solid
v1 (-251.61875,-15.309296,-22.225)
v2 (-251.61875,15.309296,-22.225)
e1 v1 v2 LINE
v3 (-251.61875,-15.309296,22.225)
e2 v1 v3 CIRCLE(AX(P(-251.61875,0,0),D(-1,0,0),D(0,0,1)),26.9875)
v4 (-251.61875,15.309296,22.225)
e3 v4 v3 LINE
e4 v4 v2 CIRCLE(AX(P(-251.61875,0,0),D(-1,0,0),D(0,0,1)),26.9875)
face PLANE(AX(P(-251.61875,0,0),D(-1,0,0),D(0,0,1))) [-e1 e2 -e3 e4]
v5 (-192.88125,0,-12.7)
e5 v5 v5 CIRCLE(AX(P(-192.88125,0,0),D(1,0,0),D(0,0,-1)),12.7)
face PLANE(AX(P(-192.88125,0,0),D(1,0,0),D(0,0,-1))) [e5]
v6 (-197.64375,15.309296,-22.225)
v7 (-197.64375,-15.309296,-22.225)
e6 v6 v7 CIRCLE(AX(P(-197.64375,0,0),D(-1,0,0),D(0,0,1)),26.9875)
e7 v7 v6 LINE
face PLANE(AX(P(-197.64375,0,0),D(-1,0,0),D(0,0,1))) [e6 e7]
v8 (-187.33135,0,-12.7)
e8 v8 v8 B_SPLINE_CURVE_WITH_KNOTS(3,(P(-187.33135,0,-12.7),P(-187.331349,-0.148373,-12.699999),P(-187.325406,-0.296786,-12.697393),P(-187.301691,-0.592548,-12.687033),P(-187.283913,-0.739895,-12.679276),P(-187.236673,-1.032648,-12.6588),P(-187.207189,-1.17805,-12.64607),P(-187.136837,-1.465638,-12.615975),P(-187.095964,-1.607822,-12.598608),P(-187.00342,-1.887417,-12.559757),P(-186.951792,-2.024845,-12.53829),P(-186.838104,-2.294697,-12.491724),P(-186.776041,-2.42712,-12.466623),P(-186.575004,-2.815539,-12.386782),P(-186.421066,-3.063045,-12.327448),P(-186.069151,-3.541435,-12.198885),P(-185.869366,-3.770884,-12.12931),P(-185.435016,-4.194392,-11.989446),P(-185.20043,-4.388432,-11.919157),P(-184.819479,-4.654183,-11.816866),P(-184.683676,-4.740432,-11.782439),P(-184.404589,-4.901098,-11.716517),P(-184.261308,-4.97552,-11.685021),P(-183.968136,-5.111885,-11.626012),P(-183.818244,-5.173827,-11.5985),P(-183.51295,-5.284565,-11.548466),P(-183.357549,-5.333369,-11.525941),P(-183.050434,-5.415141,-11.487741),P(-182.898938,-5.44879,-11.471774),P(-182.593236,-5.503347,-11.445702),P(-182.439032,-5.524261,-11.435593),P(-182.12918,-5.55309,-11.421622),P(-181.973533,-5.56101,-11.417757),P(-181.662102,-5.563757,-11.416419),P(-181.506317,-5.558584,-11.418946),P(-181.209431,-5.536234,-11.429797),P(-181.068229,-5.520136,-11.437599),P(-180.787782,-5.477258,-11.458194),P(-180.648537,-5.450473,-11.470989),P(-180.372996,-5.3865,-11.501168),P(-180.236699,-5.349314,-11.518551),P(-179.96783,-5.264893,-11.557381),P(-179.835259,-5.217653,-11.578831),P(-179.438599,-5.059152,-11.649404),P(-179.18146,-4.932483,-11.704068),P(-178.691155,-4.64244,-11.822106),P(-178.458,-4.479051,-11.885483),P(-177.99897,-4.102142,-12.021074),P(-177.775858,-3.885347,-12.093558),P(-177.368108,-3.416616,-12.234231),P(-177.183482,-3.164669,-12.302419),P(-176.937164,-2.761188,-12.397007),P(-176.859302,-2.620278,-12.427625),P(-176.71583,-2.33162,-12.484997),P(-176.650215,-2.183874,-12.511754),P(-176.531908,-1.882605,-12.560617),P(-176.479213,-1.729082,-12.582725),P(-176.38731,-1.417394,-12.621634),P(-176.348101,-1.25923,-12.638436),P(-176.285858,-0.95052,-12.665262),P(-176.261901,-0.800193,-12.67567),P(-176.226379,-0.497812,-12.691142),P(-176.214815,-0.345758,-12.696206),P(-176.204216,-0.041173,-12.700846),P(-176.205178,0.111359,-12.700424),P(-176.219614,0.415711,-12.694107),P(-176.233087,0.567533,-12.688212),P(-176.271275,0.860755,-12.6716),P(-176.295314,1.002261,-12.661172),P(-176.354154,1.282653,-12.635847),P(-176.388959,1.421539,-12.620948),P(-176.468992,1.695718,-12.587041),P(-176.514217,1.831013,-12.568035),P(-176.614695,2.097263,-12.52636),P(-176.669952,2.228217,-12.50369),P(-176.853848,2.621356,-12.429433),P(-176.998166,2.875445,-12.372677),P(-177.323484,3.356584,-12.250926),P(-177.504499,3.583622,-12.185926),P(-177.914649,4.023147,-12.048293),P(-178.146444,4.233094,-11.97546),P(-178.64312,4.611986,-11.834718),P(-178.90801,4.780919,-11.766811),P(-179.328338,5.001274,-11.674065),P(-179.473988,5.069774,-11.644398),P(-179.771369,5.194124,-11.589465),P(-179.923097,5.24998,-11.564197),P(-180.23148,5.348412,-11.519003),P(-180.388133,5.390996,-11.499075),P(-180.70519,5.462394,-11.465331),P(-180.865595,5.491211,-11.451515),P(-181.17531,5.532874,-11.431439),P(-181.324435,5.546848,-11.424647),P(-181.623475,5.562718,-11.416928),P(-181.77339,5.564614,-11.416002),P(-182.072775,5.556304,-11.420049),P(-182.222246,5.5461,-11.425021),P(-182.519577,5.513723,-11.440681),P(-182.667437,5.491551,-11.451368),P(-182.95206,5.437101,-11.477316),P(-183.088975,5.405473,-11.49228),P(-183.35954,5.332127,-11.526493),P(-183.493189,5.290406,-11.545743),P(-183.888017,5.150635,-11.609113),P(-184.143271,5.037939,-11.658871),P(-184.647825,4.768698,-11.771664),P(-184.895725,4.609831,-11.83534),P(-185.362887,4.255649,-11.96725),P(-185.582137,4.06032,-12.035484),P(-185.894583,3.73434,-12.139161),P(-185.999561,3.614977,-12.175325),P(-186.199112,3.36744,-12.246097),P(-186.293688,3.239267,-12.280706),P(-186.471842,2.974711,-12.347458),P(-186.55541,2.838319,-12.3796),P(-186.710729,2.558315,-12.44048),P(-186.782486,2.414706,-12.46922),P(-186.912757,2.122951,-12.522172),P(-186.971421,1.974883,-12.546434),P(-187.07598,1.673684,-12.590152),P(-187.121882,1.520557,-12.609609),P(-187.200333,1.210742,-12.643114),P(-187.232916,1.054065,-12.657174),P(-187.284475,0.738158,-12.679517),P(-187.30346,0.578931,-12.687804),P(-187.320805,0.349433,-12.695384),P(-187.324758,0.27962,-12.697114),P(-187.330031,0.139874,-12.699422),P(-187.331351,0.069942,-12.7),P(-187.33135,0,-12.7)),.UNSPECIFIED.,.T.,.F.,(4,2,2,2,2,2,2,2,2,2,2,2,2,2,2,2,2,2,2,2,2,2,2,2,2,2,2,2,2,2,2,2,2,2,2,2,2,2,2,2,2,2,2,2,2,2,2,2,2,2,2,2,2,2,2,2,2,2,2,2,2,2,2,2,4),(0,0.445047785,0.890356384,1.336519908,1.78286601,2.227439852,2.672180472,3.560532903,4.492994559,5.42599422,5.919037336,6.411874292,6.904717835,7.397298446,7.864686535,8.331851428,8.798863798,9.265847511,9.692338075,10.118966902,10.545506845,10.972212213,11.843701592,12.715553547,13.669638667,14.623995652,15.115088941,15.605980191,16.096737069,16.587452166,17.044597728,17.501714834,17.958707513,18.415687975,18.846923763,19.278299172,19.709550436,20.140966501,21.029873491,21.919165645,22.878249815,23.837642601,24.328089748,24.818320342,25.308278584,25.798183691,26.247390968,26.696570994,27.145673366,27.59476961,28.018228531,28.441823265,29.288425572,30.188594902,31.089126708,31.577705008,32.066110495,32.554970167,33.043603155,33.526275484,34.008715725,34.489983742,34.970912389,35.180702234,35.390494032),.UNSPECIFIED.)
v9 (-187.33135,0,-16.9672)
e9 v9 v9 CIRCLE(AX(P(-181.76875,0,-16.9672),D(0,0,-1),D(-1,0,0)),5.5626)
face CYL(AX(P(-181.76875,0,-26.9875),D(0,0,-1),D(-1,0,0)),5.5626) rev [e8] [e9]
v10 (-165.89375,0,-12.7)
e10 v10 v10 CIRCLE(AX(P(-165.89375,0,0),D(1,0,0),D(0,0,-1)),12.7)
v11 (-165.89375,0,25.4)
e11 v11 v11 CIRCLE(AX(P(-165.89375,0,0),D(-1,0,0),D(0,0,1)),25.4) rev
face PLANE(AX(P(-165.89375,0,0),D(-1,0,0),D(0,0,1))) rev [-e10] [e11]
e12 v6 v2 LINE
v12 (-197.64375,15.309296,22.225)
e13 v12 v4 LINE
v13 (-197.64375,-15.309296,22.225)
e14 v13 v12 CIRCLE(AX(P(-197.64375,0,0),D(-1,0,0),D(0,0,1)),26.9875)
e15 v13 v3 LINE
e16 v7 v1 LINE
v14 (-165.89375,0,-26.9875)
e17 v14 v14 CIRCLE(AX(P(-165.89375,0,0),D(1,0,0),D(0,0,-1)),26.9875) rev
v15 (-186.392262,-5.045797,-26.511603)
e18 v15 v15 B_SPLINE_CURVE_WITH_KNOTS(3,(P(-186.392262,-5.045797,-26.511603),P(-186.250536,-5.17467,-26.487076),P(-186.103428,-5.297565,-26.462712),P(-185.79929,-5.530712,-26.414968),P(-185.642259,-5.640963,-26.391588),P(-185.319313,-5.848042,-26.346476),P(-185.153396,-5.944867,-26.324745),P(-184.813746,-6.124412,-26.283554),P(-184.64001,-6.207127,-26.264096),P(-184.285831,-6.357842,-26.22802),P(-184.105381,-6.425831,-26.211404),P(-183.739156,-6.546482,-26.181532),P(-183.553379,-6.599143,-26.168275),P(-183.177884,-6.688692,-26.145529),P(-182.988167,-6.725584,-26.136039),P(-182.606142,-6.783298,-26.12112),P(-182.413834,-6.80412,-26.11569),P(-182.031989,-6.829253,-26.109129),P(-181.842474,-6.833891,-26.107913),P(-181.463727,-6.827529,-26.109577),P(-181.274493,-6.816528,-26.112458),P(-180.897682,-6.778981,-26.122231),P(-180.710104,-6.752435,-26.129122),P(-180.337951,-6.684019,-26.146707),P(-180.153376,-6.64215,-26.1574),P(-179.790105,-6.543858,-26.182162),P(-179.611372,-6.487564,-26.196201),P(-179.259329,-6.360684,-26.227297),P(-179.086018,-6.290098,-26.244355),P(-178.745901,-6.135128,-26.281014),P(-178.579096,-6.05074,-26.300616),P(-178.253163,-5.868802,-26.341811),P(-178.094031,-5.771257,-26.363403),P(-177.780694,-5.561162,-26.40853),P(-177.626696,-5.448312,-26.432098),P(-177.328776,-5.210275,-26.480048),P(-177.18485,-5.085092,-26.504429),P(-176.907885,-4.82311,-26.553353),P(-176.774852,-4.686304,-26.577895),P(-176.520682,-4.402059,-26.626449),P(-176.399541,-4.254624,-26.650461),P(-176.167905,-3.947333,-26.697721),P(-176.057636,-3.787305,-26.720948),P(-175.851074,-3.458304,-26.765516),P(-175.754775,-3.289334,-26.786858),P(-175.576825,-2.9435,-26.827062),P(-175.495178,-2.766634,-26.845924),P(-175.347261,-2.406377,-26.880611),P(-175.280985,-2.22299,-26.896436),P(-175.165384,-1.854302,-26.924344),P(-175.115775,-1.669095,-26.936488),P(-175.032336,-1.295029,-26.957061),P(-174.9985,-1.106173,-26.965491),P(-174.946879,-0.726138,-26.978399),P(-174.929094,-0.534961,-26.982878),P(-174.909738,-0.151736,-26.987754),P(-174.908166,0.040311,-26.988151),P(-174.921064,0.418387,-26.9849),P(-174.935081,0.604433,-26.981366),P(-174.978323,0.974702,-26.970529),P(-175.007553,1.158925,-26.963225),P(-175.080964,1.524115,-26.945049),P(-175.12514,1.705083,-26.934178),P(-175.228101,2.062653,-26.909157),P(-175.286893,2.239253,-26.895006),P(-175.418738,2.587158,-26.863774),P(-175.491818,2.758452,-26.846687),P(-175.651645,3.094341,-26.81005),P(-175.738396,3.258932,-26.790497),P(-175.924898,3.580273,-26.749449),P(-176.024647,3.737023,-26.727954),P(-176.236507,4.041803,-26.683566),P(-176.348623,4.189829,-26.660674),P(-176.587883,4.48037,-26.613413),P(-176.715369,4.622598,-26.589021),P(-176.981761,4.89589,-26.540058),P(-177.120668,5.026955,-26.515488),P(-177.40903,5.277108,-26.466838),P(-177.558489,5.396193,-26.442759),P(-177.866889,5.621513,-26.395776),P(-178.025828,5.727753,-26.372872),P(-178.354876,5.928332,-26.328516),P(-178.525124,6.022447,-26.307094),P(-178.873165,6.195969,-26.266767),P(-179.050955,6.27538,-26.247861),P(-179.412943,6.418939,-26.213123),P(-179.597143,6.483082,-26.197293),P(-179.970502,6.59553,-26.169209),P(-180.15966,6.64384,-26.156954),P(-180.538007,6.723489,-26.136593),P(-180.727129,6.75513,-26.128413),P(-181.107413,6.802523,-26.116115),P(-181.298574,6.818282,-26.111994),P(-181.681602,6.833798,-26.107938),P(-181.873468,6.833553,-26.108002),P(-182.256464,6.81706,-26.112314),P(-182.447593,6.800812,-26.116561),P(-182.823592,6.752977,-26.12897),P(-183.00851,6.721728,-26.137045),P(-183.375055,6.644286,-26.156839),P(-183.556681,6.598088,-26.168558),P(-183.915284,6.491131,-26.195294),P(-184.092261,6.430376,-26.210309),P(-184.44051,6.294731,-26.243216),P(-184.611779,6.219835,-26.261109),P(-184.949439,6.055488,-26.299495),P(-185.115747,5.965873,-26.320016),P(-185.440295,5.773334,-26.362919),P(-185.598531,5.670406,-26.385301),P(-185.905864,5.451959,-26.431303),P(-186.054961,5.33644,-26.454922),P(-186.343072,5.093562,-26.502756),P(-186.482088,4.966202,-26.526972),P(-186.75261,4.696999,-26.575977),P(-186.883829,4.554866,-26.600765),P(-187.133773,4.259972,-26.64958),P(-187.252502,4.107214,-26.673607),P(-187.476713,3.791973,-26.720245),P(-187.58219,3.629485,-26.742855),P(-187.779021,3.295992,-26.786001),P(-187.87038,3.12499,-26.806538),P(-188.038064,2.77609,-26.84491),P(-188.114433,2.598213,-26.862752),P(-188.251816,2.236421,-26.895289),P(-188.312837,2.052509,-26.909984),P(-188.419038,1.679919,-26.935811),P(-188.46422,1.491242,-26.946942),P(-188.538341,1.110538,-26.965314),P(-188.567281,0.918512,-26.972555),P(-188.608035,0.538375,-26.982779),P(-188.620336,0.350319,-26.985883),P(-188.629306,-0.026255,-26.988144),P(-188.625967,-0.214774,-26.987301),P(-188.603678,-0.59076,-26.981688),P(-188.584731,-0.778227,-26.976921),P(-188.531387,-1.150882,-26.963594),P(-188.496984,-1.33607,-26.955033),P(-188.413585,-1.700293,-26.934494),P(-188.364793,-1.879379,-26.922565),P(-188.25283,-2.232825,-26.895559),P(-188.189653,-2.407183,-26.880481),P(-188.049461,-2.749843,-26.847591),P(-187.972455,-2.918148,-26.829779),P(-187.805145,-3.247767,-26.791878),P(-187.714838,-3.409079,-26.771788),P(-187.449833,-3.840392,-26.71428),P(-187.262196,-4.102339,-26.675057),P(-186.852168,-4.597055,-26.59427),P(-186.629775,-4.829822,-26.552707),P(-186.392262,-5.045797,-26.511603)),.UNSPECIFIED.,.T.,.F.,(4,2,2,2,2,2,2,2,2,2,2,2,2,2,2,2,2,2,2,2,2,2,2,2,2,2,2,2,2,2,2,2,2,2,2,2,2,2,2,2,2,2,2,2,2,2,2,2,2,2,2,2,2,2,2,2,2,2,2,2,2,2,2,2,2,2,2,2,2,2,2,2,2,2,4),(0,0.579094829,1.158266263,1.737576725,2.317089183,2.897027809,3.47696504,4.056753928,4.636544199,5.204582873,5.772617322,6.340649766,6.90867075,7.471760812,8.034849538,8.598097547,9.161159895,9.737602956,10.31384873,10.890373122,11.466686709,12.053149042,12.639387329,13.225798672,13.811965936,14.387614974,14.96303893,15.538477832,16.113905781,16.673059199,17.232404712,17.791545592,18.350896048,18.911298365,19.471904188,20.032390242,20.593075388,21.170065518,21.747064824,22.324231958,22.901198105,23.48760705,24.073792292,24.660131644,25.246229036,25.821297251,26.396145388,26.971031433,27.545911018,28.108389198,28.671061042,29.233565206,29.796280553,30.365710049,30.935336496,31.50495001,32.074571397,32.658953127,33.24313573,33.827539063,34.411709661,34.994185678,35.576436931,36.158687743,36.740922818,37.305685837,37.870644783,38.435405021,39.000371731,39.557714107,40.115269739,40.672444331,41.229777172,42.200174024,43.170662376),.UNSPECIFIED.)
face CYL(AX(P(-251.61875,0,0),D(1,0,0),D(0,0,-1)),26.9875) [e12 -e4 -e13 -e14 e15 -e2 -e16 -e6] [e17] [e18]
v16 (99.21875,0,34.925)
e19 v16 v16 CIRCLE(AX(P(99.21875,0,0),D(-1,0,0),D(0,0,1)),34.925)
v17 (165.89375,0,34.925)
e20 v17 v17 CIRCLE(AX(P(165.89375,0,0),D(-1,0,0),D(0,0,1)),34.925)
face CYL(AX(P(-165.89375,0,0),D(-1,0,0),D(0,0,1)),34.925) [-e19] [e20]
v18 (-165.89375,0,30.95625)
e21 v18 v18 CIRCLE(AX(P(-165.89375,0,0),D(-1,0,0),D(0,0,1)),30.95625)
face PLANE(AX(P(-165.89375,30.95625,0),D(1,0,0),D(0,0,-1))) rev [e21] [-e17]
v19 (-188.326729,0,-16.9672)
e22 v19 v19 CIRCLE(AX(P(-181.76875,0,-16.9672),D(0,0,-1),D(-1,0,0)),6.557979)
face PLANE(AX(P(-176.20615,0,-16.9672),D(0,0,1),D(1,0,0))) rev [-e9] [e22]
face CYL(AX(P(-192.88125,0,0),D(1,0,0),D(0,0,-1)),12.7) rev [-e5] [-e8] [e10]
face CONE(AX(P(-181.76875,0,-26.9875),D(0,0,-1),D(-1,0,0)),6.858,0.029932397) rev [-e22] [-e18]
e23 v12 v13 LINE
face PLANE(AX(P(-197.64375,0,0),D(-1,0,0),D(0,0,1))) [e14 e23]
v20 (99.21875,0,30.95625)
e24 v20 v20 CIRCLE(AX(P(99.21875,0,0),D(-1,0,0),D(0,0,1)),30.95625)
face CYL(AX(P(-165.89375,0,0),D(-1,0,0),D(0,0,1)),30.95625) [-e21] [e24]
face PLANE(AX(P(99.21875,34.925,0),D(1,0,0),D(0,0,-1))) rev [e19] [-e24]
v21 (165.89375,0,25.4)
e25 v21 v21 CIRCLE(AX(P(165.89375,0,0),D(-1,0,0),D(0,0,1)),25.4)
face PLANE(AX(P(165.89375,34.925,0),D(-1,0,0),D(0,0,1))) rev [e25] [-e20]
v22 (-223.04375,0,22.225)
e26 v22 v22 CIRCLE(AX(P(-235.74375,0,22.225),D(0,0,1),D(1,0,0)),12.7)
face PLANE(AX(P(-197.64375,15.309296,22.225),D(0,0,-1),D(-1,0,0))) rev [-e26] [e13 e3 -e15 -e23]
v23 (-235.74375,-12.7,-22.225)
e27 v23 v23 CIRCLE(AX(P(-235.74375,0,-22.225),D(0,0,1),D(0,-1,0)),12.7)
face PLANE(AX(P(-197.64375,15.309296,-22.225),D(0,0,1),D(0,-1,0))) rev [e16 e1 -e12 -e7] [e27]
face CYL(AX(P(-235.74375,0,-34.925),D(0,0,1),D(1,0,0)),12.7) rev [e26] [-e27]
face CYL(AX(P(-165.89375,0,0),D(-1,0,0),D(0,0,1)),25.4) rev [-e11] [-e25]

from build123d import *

# Parameters (mm, degrees)
SKETCH2_R           = 26.9875
BOSS_EXTRUDE1_DEPTH = 85.725
CUT_EXTRUDE1_DEPTH  = 53.975
SKETCH4_R           = 12.7
CUT_EXTRUDE2_DEPTH  = 58.15
SKETCH8_R           = 12.7
CUT_EXTRUDE3_DEPTH  = 26.9875


with BuildPart() as part:
    # Sketch1 → Revolve1 (revolve)
    with BuildSketch(Plane.XY):
        Polygon((165.89375, 34.925), (99.21875, 34.925), (99.21875, 30.95625), (-165.89375, 30.95625), (-165.89375, 25.4), (165.89375, 25.4), align=None)
    revolve(axis=Axis((-165.89375, 0, 0), (1, 0, 0)))

    # Sketch2 → Boss-Extrude1 (add)
    with BuildSketch(Plane.ZY.offset(165.89375)):
        Circle(SKETCH2_R)
    extrude(amount=BOSS_EXTRUDE1_DEPTH)

    # Sketch3 → Cut-Extrude1 (cut)
    with BuildSketch(Plane.ZY.offset(251.61875)):
        with BuildLine():
            Line((-22.225, 15.309295583), (-22.225, -15.309295583))
            ThreePointArc((-22.225, -15.309295583), (-26.9875, 0), (-22.225, 15.309295583))
        make_face()
        with BuildLine():
            Line((22.225, 15.309295583), (22.225, -15.309295583))
            ThreePointArc((22.225, -15.309295583), (26.9875, 0), (22.225, 15.309295583))
        make_face()
    extrude(amount=-CUT_EXTRUDE1_DEPTH, mode=Mode.SUBTRACT)

    # Sketch4 → Cut-Extrude2 (cut, through all)
    with BuildSketch(Plane.XY.offset(22.225)):
        with Locations((-235.74375, 0)):
            Circle(SKETCH4_R)
    extrude(amount=-CUT_EXTRUDE2_DEPTH, mode=Mode.SUBTRACT)

    # Sketch6 → 1/4 NPT Tapped Hole1 (revolve, cut)
    with BuildSketch(Plane(origin=(-181.76875, 0, -26.9875), x_dir=(0, 1, 0), z_dir=(1, 0, 0))):
        Polygon((0, 0), (0, 20.411147279), (5.5626, 17.0688), (5.5626, 10.0203), (6.557978799, 10.0203), (6.858, 0), align=None)
    revolve(axis=Axis((-181.76875, 0, -33.3375), (0, 0, 1)), mode=Mode.SUBTRACT)

    # Sketch8 → Cut-Extrude3 (cut)
    with BuildSketch(Plane(origin=(-165.89375, 0, 0), x_dir=(0, 0, -1), z_dir=(1, 0, 0))):
        Circle(SKETCH8_R)
    extrude(amount=-CUT_EXTRUDE3_DEPTH, mode=Mode.SUBTRACT)


solid = part.part
